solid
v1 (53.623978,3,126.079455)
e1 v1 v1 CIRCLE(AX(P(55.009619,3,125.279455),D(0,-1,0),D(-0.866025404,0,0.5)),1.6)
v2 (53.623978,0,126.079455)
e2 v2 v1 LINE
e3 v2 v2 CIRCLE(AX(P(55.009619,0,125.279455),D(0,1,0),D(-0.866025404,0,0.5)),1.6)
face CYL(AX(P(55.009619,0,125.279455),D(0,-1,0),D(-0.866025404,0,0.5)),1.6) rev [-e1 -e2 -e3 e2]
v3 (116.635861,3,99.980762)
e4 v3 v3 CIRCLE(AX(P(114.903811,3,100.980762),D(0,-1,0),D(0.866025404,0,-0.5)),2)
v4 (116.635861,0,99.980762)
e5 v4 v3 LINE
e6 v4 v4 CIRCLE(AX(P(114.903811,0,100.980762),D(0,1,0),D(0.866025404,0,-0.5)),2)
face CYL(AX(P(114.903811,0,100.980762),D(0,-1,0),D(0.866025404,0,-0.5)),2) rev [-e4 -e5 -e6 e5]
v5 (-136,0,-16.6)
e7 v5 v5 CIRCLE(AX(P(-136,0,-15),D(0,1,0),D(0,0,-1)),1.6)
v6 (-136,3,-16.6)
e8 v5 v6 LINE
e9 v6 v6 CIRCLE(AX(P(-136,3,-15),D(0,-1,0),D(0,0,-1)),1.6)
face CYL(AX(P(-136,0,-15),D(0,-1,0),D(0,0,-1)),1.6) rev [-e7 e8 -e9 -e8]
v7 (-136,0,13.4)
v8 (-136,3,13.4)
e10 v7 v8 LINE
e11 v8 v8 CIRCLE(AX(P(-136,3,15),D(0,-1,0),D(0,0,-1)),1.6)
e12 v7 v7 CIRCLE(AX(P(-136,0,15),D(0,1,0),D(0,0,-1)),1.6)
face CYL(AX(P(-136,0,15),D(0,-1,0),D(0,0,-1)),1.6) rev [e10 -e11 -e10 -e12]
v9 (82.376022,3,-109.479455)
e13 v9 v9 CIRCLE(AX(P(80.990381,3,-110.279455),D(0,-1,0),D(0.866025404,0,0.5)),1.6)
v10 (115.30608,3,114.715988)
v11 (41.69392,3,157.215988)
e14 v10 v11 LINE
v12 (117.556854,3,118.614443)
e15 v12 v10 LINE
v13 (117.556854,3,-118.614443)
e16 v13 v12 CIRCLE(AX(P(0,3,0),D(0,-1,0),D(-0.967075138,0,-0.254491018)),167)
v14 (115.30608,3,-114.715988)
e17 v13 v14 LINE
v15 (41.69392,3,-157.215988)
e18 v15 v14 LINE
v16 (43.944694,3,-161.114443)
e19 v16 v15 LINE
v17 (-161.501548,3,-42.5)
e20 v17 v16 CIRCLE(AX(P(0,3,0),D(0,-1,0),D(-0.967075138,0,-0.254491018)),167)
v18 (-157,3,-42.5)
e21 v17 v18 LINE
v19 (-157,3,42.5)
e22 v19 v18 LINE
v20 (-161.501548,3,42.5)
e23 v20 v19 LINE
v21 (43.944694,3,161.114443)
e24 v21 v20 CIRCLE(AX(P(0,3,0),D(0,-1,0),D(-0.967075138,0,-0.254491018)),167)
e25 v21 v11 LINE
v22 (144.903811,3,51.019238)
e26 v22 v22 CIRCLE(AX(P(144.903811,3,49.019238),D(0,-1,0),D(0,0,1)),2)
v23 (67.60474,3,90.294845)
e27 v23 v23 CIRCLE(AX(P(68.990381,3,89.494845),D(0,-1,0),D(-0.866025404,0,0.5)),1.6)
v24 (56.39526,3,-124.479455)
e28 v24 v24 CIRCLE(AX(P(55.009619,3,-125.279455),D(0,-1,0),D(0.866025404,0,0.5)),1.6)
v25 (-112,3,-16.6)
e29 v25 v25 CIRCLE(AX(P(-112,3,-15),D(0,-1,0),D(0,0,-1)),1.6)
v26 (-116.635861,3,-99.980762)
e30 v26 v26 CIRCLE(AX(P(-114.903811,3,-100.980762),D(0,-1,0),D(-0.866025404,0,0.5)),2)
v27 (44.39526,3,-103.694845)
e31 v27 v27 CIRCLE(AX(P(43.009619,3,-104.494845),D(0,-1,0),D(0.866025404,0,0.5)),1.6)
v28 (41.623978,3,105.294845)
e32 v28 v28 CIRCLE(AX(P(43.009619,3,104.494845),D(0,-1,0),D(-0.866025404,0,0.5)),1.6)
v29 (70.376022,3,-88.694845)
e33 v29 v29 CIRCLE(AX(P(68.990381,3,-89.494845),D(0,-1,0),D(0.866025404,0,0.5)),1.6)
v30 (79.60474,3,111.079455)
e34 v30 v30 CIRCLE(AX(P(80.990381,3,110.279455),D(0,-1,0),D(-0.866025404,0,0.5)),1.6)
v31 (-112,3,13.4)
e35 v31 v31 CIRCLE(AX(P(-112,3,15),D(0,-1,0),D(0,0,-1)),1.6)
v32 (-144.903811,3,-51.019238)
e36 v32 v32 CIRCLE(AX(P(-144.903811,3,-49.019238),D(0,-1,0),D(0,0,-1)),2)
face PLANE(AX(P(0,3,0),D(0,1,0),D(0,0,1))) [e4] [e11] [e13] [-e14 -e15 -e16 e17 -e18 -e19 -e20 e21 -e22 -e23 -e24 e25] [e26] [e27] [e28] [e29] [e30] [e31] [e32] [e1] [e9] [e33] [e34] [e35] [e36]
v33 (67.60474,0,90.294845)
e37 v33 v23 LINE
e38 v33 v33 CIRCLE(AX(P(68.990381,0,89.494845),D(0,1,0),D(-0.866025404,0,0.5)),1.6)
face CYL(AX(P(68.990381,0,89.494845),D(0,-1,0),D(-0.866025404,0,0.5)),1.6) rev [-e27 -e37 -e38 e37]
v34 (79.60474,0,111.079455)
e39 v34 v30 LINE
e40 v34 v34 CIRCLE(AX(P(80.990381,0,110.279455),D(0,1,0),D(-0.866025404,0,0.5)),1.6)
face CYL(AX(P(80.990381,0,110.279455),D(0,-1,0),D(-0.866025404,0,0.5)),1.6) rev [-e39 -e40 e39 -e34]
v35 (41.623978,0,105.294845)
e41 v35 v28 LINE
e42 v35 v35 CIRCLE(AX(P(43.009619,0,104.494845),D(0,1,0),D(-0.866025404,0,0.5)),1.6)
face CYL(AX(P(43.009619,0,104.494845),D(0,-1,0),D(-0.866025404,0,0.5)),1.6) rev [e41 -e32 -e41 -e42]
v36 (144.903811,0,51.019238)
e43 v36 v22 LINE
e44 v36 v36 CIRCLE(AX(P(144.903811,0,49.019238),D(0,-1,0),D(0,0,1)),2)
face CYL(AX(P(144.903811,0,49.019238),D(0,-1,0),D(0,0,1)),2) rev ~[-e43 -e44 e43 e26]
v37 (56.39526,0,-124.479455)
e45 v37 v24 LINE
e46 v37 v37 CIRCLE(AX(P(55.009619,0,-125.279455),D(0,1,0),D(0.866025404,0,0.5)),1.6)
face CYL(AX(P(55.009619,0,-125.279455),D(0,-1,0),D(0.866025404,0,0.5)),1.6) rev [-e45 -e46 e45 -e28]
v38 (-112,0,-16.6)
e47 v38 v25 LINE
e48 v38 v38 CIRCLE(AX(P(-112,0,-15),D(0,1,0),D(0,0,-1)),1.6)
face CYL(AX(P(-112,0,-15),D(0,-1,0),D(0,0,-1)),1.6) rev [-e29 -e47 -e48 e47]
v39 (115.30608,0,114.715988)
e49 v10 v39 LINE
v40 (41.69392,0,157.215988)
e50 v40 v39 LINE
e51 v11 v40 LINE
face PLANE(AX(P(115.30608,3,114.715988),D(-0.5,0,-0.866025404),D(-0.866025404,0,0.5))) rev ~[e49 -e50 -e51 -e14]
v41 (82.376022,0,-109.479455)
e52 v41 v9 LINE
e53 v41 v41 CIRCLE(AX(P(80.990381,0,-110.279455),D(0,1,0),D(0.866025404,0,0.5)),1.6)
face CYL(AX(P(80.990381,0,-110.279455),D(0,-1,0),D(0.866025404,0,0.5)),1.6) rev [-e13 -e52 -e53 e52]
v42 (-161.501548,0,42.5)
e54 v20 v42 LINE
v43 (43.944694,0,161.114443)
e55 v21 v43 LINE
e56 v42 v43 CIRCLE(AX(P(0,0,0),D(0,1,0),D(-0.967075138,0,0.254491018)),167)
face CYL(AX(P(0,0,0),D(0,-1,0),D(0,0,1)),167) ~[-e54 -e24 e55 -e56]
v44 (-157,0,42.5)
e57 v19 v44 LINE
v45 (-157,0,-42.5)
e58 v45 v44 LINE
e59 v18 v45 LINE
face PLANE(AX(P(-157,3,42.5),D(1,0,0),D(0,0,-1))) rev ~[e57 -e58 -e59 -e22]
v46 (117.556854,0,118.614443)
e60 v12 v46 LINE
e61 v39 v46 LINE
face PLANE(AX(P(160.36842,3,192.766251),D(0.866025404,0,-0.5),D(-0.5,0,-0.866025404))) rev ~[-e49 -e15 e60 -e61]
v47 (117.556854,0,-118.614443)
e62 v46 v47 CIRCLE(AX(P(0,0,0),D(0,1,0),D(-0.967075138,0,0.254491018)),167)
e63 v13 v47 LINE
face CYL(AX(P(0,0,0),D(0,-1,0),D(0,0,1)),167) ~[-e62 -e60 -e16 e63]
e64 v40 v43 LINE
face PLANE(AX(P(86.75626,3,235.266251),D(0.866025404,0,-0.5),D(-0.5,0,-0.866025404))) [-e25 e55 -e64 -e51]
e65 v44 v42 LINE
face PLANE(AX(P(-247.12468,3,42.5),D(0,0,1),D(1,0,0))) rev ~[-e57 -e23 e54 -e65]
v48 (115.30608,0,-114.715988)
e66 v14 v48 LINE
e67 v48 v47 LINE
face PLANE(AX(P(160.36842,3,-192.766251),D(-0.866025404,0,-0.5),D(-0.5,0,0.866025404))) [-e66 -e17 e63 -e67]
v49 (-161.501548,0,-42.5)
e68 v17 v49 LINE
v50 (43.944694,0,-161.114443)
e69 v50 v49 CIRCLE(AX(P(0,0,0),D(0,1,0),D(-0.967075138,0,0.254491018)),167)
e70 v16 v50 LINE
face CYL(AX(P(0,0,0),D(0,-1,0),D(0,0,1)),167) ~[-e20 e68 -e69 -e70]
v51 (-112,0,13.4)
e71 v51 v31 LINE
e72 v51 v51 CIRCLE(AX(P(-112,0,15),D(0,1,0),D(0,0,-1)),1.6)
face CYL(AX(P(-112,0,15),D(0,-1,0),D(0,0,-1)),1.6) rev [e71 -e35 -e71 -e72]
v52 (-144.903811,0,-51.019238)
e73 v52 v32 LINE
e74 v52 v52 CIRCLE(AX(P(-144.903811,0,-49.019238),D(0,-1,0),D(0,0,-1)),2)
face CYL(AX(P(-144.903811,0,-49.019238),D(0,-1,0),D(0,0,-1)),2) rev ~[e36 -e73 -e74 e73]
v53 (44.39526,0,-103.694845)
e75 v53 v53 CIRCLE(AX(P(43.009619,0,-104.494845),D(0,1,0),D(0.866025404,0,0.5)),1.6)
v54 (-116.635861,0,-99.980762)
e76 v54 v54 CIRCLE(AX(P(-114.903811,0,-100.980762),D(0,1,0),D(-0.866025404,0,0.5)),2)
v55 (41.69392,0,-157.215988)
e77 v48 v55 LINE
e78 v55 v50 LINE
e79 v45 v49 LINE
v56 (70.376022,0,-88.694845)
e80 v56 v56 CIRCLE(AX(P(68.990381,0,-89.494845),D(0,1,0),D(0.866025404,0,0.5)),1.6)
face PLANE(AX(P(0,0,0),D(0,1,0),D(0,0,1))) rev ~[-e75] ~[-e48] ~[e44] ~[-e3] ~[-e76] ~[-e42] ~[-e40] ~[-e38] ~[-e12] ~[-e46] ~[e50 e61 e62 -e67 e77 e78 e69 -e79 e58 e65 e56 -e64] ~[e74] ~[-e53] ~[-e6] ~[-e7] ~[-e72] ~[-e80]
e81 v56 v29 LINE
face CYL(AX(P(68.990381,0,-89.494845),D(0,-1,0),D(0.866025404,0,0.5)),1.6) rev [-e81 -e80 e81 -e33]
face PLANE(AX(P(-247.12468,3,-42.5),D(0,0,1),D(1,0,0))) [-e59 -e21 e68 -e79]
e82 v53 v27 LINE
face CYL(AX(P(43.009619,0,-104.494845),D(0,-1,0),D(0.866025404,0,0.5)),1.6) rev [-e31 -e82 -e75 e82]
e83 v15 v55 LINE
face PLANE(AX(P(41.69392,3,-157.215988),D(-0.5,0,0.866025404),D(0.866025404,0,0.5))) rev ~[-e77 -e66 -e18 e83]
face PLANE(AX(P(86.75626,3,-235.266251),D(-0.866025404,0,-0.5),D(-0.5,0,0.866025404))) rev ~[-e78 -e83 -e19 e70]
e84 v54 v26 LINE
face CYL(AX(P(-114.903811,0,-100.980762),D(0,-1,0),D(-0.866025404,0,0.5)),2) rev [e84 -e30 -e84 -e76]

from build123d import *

# Parameters (mm, degrees)
SKETCH_2_R               = 167
EXTRUDE_1_DEPTH          = 3
CUT_EXTRUDE_3_REACH      = 238.193
SKETCH_1_R               = 1.6
PATTERN_CIRCULAR_1_COUNT = 3
CUT_EXTRUDE_4_REACH      = 238.193
SKETCH_3_W               = 90.124680173
SKETCH_3_H               = 85
PATTERN_CIRCULAR_2_COUNT = 3
SKETCH_4_R               = 2
CUT_EXTRUDE_5_DEPTH      = 10
MIRROR_2_COPY_1_SKETCH_R = 2
MIRROR_2_COPY_1_DEPTH    = 10


with BuildPart() as part:
    # 草图2 → 凸台-拉伸1 (new body)
    with BuildSketch(Plane(origin=(0, 0, 0), x_dir=(1, 0, 0), z_dir=(0, 1, 0))):
        Circle(SKETCH_2_R)
    extrude(amount=EXTRUDE_1_DEPTH)

    # 草图1 → 切除-拉伸3 (cut, up to next)
    with BuildSketch(Plane(origin=(0, 0, 0), x_dir=(1, 0, 0), z_dir=(0, 1, 0)), mode=Mode.PRIVATE) as cut_extrude_3_sk1:
        with Locations((-112, 15)):
            Circle(SKETCH_1_R)
    cut_extrude_3_tool1 = extrude(cut_extrude_3_sk1.sketch, amount=CUT_EXTRUDE_3_REACH, mode=Mode.PRIVATE) & part.part
    # 草图1 → 切除-拉伸3 (cut, up to next)
    with BuildSketch(Plane(origin=(0, 0, 0), x_dir=(1, 0, 0), z_dir=(0, 1, 0)), mode=Mode.PRIVATE) as cut_extrude_3_sk2:
        with Locations((-112, -15)):
            Circle(SKETCH_1_R)
    cut_extrude_3_tool2 = extrude(cut_extrude_3_sk2.sketch, amount=CUT_EXTRUDE_3_REACH, mode=Mode.PRIVATE) & part.part
    # 草图1 → 切除-拉伸3 (cut, up to next)
    with BuildSketch(Plane(origin=(0, 0, 0), x_dir=(1, 0, 0), z_dir=(0, 1, 0)), mode=Mode.PRIVATE) as cut_extrude_3_sk3:
        with Locations((-136, 15)):
            Circle(SKETCH_1_R)
    cut_extrude_3_tool3 = extrude(cut_extrude_3_sk3.sketch, amount=CUT_EXTRUDE_3_REACH, mode=Mode.PRIVATE) & part.part
    # 草图1 → 切除-拉伸3 (cut, up to next)
    with BuildSketch(Plane(origin=(0, 0, 0), x_dir=(1, 0, 0), z_dir=(0, 1, 0)), mode=Mode.PRIVATE) as cut_extrude_3_sk4:
        with Locations((-136, -15)):
            Circle(SKETCH_1_R)
    cut_extrude_3_tool4 = extrude(cut_extrude_3_sk4.sketch, amount=CUT_EXTRUDE_3_REACH, mode=Mode.PRIVATE) & part.part
    cut_extrude_3_1 = cut_extrude_3_tool1.solids().sort_by_distance((-112, 0, -15))[0]
    add(cut_extrude_3_1, mode=Mode.SUBTRACT)
    cut_extrude_3_2 = cut_extrude_3_tool2.solids().sort_by_distance((-112, 0, 15))[0]
    add(cut_extrude_3_2, mode=Mode.SUBTRACT)
    cut_extrude_3_3 = cut_extrude_3_tool3.solids().sort_by_distance((-136, 0, -15))[0]
    add(cut_extrude_3_3, mode=Mode.SUBTRACT)
    cut_extrude_3_4 = cut_extrude_3_tool4.solids().sort_by_distance((-136, 0, 15))[0]
    add(cut_extrude_3_4, mode=Mode.SUBTRACT)
    cut_extrude_3 = cut_extrude_3_1 + cut_extrude_3_2 + cut_extrude_3_3 + cut_extrude_3_4  # 切除-拉伸3 as one shape, for the pattern or mirror that repeats it

    # 阵列(圆周)1: 切除-拉伸3 ×3 about axis
    pattern_circular_1_axis = Axis((0, 81.400407757, 0), (0, -1, 0))
    for i in range(1, PATTERN_CIRCULAR_1_COUNT):
        add(cut_extrude_3.rotate(pattern_circular_1_axis, i * 360 / PATTERN_CIRCULAR_1_COUNT), mode=Mode.SUBTRACT)

    # 草图3 → 切除-拉伸4 (cut, up to next)
    with BuildSketch(Plane(origin=(0, 3, 0), x_dir=(1, 0, 0), z_dir=(0, 1, 0)), mode=Mode.PRIVATE) as cut_extrude_4_sk1:
        with Locations((-202.062340087, 0)):
            Rectangle(SKETCH_3_W, SKETCH_3_H)
    cut_extrude_4_tool1 = extrude(cut_extrude_4_sk1.sketch, amount=-CUT_EXTRUDE_4_REACH, mode=Mode.PRIVATE) & part.part
    cut_extrude_4 = cut_extrude_4_tool1.solids().sort_by_distance((-202.06234, 3, 0))[0]
    add(cut_extrude_4, mode=Mode.SUBTRACT)

    # 阵列(圆周)2: 切除-拉伸4 ×3 about axis
    pattern_circular_2_axis = Axis((0, 81.400407757, 0), (0, -1, 0))
    for i in range(1, PATTERN_CIRCULAR_2_COUNT):
        add(cut_extrude_4.rotate(pattern_circular_2_axis, i * 360 / PATTERN_CIRCULAR_2_COUNT), mode=Mode.SUBTRACT)

    # 草图4 → 切除-拉伸5 (cut)
    with BuildSketch(Plane.XZ):
        with Locations((-144.903810568, -49.019237886)):
            Circle(SKETCH_4_R)
    cut_extrude_5 = extrude(amount=-CUT_EXTRUDE_5_DEPTH, mode=Mode.SUBTRACT)

    # 镜向1: 切除-拉伸5 across plane
    add(cut_extrude_5.mirror(Plane(origin=(0, 0, 0), x_dir=(0.8660254037844363, 0, 0.500000000000004), z_dir=(0.5000000000000042, 0, -0.8660254037844363))), mode=Mode.SUBTRACT)

    # 镜向2: 切除-拉伸5 across plane
    add(cut_extrude_5.mirror(Plane(origin=(0, 0, 0), x_dir=(-0.500000000000004, 0, 0.8660254037844363), z_dir=(-0.8660254037844365, 0, -0.500000000000004))), mode=Mode.SUBTRACT)

    # 镜向2 copy 1 sketch → 镜向2 copy 1 (cut)
    with BuildSketch(Plane(origin=(0, 0, 0), x_dir=(-1, 0, 0), z_dir=(0, -1, 0))):
        with Locations((-144.903810568, -49.019237886)):
            Circle(MIRROR_2_COPY_1_SKETCH_R)
    extrude(amount=-MIRROR_2_COPY_1_DEPTH, mode=Mode.SUBTRACT)


solid = part.part
